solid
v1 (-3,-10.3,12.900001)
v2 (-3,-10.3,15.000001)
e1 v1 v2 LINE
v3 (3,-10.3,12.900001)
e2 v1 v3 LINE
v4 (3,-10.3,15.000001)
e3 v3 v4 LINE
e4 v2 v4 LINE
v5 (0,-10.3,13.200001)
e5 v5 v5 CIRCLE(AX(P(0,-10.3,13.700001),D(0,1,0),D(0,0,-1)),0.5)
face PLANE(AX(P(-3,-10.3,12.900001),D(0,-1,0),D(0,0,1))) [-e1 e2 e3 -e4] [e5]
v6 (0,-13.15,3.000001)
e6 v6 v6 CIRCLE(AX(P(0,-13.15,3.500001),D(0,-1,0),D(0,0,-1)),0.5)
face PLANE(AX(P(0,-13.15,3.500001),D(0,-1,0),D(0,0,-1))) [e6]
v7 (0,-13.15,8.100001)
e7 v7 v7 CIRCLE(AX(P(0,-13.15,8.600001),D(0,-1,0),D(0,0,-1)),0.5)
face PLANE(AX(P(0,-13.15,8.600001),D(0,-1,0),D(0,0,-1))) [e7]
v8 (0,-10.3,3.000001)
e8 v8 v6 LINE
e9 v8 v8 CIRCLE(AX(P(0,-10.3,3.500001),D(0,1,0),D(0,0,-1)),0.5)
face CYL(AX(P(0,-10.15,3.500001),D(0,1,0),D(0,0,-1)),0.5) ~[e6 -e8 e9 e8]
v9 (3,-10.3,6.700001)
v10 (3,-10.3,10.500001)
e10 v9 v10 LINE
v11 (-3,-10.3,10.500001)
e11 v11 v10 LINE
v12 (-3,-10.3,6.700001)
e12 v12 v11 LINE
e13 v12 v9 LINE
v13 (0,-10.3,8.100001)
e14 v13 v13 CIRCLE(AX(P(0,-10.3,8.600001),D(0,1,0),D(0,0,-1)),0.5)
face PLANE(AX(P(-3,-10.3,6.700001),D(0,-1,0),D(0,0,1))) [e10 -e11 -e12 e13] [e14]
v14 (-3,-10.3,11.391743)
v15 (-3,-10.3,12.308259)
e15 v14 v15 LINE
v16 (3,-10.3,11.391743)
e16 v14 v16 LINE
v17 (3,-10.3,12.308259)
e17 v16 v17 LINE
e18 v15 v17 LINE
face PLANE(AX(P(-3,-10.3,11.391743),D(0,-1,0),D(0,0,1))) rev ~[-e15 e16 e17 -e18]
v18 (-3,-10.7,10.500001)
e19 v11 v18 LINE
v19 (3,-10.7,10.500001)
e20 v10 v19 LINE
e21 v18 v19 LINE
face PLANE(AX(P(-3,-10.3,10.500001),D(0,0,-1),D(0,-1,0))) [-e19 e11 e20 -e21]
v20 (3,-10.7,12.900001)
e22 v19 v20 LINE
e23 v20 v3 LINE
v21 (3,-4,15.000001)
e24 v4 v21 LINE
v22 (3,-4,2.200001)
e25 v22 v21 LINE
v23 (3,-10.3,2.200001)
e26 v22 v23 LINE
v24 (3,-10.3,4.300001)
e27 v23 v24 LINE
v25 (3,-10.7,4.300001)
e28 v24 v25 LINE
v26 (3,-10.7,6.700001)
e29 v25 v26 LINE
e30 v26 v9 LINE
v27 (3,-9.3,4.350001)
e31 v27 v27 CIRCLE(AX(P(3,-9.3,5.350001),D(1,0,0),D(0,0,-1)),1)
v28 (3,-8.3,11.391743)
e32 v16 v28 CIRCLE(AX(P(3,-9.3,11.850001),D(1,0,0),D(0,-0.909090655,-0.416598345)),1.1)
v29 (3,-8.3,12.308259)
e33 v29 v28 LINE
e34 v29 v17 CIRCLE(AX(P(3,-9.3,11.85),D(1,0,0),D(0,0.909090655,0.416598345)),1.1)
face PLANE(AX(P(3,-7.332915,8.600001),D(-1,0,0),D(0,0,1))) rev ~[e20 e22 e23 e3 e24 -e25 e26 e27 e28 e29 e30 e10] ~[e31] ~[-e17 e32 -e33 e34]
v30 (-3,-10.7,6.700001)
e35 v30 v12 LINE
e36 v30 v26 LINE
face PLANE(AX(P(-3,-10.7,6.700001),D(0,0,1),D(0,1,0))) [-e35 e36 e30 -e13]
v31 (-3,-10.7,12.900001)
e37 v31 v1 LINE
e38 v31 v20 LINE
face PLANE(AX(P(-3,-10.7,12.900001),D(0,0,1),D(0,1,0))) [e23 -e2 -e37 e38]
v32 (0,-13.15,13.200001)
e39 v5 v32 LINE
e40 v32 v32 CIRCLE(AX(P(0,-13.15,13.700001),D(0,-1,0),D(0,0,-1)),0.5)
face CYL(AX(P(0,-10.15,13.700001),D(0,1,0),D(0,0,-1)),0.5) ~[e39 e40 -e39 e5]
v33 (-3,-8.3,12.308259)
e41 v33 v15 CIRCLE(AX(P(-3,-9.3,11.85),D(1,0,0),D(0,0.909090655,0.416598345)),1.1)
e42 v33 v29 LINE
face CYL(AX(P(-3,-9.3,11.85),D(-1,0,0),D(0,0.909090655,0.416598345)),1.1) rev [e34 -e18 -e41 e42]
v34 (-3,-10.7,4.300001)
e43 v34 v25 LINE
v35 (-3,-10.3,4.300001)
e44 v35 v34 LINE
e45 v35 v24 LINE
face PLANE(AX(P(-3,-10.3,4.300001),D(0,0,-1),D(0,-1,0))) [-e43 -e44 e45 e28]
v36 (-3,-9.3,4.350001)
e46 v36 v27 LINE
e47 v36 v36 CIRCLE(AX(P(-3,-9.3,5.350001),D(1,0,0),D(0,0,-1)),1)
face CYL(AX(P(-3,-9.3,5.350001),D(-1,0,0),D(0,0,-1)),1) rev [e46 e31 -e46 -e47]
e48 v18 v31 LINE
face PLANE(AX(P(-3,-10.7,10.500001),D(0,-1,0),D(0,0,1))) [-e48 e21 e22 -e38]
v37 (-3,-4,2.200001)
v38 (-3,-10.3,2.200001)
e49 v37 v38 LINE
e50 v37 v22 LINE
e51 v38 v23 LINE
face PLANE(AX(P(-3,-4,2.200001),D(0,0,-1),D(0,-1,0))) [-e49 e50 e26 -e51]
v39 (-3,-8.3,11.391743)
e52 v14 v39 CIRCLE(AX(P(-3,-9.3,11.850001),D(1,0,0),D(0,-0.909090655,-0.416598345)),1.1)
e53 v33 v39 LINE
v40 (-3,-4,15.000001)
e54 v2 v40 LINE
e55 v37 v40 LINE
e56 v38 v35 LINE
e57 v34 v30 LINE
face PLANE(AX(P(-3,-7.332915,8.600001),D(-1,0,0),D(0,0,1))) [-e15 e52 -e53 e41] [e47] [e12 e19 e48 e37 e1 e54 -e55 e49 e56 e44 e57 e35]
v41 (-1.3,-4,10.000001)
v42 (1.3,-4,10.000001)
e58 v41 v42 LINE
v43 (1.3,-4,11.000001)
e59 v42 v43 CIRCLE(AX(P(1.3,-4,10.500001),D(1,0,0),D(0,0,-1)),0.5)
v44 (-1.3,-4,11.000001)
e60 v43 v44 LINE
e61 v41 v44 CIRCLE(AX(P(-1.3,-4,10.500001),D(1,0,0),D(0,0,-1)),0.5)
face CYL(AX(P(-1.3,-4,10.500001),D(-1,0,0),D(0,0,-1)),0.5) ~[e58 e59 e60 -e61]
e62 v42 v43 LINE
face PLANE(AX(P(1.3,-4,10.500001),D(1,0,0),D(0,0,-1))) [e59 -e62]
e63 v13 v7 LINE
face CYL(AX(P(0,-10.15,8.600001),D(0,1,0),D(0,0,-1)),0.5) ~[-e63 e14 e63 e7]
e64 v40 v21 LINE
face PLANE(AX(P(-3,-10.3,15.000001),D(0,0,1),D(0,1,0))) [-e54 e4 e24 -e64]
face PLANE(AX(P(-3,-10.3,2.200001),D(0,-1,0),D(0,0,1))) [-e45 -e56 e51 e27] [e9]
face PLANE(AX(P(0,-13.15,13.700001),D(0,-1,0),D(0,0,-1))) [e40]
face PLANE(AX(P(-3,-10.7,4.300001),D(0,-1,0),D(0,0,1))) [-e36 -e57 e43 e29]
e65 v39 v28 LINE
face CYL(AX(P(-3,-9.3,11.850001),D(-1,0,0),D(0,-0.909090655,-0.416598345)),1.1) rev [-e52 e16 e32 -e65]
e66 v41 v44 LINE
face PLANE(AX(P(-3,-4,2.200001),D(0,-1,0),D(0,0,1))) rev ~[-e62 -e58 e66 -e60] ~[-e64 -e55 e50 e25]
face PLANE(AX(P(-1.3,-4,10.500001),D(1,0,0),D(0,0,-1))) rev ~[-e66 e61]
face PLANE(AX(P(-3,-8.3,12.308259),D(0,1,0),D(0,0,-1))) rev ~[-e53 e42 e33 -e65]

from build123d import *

# Parameters (mm, degrees)
SKETCH090_R             = 1
PAD055_DEPTH            = 6
CYLINDER080_R           = 0.5
CYLINDER080_DEPTH       = 3
LINEARPATTERN001_COUNT  = 3
LINEARPATTERN001_PITCH  = 5.1
CYLINDER081_R           = 0.5
CYLINDER081_DEPTH       = 2.6
BODY073_PITCH_ANGLE     = 88.936822
BODY073_PLACEMENT_ANGLE = -90
BODY074_ROLL_ANGLE      = 1.063178
BODY074_PLACEMENT_ANGLE = -90
BODY075_PLACEMENT_ANGLE = 90
BODY076_PLACEMENT_ANGLE = 90


with BuildPart() as part:
    # Sketch090 → Pad055 (new body)
    with BuildSketch(Plane.XY):
        Polygon((6.4, 3.15), (6.4, -3.15), (4.3, -3.15), (4.3, -3.55), (1.9, -3.55), (1.9, -3.15), (-1.9, -3.15), (-1.9, -3.55), (-4.3, -3.55), (-4.3, -3.15), (-6.4, -3.15), (-6.4, 3.15), (-3.4, 3.15), align=None)
        with Locations((3.25, -2.15)):
            Circle(SKETCH090_R, mode=Mode.SUBTRACT)
        with BuildLine():
            ThreePointArc((-3.708258, -1.15), (-4.35, -2.15), (-3.708258, -3.15))
            Line((-2.791742, -3.15), (-3.708258, -3.15))
            ThreePointArc((-2.791742, -3.15), (-2.15, -2.15), (-2.791742, -1.15))
            Line((-3.708258, -1.15), (-2.791742, -1.15))
        make_face(mode=Mode.SUBTRACT)
    extrude(amount=PAD055_DEPTH)

    # Cylinder080 → Cylinder080 (join)
    with BuildSketch(Plane(origin=(-5.1, -3, 3), x_dir=(1, 0, 0), z_dir=(0, -1, 0))):
        Circle(CYLINDER080_R)
    cylinder080 = extrude(amount=CYLINDER080_DEPTH)

    # LinearPattern001: Cylinder080 ×3
    with Locations(*[(i * LINEARPATTERN001_PITCH, 0, 0) for i in range(1, LINEARPATTERN001_COUNT)]):
        add(cylinder080)

    # Cylinder081 → Cylinder081 (join)
    with BuildSketch(Plane(origin=(-1.9, 3.15, 1.7), x_dir=(1, 0, 0), z_dir=(0, 0, 1))):
        Circle(CYLINDER081_R)
    extrude(amount=CYLINDER081_DEPTH)


with BuildPart() as part_1:
    # Body073 pitch: moved
    add(part.part.rotate(Axis((0, 0, 0), (0, 1, 0)), BODY073_PITCH_ANGLE))


with BuildPart() as part_2:
    # Body073 placement: moved
    add(part_1.part.moved(Location((-7.15, 2.882282, 8.601102))).rotate(Axis((-7.15, 2.882282, 8.601102), (0, 0, 1)), BODY073_PLACEMENT_ANGLE))


with BuildPart() as part_3:
    # Body074 roll: moved
    add(part_2.part.rotate(Axis((0, 0, 0), (1, 0, 0)), BODY074_ROLL_ANGLE))


with BuildPart() as part_4:
    # Body074 placement: moved
    add(part_3.part.moved(Location((0.277807, 0, -0.053101))).rotate(Axis((0.277807, 0, -0.053101), (0, 0, 1)), BODY074_PLACEMENT_ANGLE))


with BuildPart() as part_5:
    # Body075 placement: moved
    add(part_4.part.moved(Location((0, 0.105928, 0))).rotate(Axis((0, 0.105928, 0), (0, 0, -1)), BODY075_PLACEMENT_ANGLE))


with BuildPart() as part_6:
    # Body076 placement: moved
    add(part_5.part.moved(Location((-0.105928, 0, 0))).rotate(Axis((-0.105928, 0, 0), (0, 0, -1)), BODY076_PLACEMENT_ANGLE))


solid = part_6.part
